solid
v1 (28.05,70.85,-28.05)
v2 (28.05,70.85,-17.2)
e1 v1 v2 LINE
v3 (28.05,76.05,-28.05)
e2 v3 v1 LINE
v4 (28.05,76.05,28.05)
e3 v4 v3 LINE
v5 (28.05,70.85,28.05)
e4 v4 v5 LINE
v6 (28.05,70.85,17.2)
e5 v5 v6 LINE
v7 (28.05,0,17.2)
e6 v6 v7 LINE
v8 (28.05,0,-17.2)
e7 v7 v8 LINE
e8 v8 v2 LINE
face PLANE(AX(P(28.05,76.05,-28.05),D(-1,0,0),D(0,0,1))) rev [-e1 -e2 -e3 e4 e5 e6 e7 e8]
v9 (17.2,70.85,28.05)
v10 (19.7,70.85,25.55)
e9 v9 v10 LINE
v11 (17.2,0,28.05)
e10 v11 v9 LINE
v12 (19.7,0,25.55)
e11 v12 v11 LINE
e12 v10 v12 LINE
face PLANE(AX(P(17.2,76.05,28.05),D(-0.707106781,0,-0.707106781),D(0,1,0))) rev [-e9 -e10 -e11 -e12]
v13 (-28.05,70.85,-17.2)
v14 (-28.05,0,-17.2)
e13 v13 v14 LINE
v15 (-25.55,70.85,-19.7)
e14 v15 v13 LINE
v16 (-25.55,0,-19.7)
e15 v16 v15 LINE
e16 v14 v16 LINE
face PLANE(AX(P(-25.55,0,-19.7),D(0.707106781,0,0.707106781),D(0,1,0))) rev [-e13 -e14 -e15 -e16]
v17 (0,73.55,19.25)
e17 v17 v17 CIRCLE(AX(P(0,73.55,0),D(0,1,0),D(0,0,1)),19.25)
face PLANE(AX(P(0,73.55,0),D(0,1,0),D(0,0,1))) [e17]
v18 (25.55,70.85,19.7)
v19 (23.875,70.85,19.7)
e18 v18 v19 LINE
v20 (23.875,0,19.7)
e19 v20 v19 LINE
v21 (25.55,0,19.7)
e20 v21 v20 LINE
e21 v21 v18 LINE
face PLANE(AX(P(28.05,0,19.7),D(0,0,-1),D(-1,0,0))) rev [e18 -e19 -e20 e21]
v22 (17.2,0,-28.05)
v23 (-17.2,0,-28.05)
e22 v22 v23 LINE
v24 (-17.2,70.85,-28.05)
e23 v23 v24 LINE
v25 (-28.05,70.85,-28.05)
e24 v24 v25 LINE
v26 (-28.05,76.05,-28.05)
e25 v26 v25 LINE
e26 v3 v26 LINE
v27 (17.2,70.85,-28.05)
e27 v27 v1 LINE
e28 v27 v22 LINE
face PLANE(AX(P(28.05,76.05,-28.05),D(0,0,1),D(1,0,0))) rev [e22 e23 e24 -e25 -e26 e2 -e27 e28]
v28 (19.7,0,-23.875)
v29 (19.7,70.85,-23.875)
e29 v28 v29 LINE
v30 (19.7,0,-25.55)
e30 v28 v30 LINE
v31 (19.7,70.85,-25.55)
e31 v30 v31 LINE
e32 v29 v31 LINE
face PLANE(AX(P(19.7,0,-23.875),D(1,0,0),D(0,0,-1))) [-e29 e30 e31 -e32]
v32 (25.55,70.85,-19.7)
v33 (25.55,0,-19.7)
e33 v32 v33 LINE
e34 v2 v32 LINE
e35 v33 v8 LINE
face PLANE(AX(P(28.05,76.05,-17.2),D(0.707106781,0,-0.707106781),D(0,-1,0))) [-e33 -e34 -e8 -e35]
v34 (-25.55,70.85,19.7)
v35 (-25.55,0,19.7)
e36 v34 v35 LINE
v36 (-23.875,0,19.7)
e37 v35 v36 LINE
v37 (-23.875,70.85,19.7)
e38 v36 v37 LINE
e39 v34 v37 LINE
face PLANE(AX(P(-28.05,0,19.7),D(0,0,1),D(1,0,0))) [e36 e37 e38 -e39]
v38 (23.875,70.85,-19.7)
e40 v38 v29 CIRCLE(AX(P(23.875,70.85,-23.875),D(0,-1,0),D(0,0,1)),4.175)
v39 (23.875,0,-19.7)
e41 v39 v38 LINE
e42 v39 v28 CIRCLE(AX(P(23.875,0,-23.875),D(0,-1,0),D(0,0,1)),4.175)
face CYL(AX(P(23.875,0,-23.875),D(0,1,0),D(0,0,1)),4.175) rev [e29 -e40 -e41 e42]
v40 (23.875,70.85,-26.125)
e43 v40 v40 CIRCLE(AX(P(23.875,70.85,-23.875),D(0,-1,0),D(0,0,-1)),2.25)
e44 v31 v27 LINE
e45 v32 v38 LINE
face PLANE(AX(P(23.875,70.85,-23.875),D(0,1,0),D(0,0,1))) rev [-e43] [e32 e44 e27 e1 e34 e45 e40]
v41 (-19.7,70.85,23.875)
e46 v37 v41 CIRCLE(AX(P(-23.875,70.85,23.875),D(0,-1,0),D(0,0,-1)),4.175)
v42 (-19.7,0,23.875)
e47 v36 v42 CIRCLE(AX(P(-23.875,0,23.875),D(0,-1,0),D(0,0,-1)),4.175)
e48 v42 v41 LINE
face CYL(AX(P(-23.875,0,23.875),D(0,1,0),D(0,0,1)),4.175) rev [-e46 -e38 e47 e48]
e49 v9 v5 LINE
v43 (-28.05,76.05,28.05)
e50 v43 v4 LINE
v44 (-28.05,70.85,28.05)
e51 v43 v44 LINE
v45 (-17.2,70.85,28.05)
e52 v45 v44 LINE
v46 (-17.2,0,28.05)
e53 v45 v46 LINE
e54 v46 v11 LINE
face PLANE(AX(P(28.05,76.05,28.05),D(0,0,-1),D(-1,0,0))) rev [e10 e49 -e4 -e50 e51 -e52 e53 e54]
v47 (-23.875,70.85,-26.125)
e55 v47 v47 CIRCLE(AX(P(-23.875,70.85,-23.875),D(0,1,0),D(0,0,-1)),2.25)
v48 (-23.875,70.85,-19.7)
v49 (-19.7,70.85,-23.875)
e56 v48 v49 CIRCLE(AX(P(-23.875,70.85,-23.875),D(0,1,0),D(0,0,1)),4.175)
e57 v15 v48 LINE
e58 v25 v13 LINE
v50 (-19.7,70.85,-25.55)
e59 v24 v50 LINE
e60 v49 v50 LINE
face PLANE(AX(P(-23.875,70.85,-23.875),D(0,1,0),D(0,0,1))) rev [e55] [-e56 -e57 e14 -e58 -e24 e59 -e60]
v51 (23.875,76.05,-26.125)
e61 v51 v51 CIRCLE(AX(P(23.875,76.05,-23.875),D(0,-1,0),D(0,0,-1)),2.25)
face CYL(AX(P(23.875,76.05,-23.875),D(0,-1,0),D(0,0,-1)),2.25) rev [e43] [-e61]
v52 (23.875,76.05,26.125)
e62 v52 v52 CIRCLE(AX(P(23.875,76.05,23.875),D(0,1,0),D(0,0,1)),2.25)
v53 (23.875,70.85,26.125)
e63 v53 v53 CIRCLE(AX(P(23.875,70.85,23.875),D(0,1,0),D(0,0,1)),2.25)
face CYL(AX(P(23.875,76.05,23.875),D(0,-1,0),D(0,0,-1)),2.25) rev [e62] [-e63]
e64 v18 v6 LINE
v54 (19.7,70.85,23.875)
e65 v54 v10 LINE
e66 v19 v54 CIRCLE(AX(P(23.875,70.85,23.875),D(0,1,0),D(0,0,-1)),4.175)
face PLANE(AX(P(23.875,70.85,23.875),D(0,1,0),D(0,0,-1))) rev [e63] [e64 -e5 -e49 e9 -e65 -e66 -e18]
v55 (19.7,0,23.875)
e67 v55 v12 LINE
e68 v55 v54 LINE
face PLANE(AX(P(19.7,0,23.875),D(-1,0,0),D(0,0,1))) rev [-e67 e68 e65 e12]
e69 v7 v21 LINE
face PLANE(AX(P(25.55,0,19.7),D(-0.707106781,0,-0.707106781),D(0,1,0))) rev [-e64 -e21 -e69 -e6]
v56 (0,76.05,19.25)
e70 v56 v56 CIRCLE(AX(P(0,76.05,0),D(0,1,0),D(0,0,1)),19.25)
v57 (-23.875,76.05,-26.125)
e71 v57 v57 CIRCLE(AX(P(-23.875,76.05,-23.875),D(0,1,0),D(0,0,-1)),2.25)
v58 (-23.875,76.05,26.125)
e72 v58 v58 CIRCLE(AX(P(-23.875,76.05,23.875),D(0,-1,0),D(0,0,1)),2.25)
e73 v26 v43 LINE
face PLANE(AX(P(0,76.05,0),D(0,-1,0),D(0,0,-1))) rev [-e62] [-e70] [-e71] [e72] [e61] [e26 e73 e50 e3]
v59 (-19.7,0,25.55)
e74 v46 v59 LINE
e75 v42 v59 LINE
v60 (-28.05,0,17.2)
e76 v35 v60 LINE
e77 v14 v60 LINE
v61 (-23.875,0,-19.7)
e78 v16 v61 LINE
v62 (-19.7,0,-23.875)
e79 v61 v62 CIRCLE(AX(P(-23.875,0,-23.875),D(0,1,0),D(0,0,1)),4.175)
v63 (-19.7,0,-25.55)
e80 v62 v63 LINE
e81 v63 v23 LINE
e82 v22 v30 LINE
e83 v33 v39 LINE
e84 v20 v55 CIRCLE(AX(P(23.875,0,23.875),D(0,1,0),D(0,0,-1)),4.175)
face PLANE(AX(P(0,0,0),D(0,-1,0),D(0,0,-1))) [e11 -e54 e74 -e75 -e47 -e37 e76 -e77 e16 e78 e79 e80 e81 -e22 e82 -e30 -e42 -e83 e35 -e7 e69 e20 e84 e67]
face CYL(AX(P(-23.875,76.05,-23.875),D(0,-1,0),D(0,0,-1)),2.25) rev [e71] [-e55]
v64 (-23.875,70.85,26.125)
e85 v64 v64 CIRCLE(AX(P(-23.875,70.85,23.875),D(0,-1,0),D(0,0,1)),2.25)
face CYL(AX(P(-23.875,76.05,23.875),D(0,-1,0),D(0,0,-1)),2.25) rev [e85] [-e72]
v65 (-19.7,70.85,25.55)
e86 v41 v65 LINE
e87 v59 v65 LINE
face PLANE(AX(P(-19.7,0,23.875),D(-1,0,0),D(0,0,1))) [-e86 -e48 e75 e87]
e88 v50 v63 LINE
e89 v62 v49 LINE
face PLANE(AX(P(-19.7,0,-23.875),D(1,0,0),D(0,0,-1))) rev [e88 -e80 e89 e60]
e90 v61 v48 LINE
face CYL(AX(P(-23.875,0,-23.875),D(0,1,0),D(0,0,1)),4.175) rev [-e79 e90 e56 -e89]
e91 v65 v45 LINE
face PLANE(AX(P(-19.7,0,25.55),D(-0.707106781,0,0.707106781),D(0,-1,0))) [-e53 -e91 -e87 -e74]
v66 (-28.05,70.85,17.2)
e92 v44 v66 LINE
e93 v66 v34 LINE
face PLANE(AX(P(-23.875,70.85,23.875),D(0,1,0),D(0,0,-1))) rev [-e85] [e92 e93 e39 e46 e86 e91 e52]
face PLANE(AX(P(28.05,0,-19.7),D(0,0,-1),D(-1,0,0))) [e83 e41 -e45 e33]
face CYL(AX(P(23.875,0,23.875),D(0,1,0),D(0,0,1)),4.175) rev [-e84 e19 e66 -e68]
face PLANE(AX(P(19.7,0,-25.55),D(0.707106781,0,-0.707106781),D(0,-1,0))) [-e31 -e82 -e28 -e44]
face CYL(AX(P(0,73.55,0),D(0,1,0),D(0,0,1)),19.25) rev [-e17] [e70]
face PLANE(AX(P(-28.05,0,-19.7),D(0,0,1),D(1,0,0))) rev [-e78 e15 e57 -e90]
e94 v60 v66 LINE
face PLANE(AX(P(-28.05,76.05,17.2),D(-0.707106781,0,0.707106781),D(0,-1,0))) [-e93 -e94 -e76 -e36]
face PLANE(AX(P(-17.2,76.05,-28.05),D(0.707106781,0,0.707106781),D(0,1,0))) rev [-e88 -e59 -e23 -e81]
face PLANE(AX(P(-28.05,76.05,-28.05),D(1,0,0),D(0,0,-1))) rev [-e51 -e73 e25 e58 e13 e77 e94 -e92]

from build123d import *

# Parameters (mm, degrees)
CROQUIS1_W                                 = 56.1
CROQUIS1_H                                 = 56.1
SALIENTE_EXTRUIR1_DEPTH                    = 76.05
CORTAR_EXTRUIR1_DEPTH                      = 82.199307263
SIMETR_A3_AT_THE_SECOND_PLANE_COPY_1_DEPTH = 82.199307263
CHAFL_N1_SIZE                              = 2.5
CROQUIS3_R                                 = 2.25
CORTAR_EXTRUIR2_DEPTH                      = 82.199307263
SIMETR_A4_AT_THE_SECOND_PLANE_COPY_1_SKE_R = 2.25
SIMETR_A4_AT_THE_SECOND_PLANE_COPY_1_DEPTH = 82.199307263
CROQUIS4_R                                 = 19.25
CORTAR_EXTRUIR3_DEPTH                      = 2.5


with BuildPart() as part:
    # Croquis1 → Saliente-Extruir1 (new body)
    with BuildSketch(Plane(origin=(0, 0, 0), x_dir=(1, 0, 0), z_dir=(0, 1, 0))):
        Rectangle(CROQUIS1_W, CROQUIS1_H)
    extrude(amount=SALIENTE_EXTRUIR1_DEPTH)

    # Croquis2 → Cortar-Extruir1 (cut, through all)
    with BuildSketch(Plane(origin=(0, 70.85, 0), x_dir=(1, 0, 0), z_dir=(0, 1, 0))):
        with BuildLine():
            Line((-28.05, 19.7), (-23.875, 19.7))
            ThreePointArc((-23.875, 19.7), (-20.922829189, 20.922829189), (-19.7, 23.875))
            Line((-19.7, 23.875), (-19.7, 28.05))
            Line((-19.7, 28.05), (-28.05, 28.05))
            Line((-28.05, 28.05), (-28.05, 19.7))
        make_face()
    cortar_extruir1 = extrude(amount=-CORTAR_EXTRUIR1_DEPTH, mode=Mode.SUBTRACT)

    # Simetría3: Cortar-Extruir1 across plane
    add(cortar_extruir1.mirror(Plane(origin=(0, 0, 0), x_dir=(0, 0, 1), z_dir=(1, 0, 0))), mode=Mode.SUBTRACT)

    # Simetría3 at the second plane: Cortar-Extruir1 across plane
    add(cortar_extruir1.mirror(Plane.XY), mode=Mode.SUBTRACT)

    # Simetría3 at the second plane copy 1 ske → Simetría3 at the second plane copy 1 (cut, through all)
    with BuildSketch(Plane(origin=(0, 70.85, 0), x_dir=(-1, 0, 0), z_dir=(0, 1, 0))):
        with BuildLine():
            Line((-28.05, 19.7), (-23.875, 19.7))
            ThreePointArc((-23.875, 19.7), (-20.922829189, 20.922829189), (-19.7, 23.875))
            Line((-19.7, 23.875), (-19.7, 28.05))
            Line((-19.7, 28.05), (-28.05, 28.05))
            Line((-28.05, 28.05), (-28.05, 19.7))
        make_face()
    extrude(amount=-SIMETR_A3_AT_THE_SECOND_PLANE_COPY_1_DEPTH, mode=Mode.SUBTRACT)

    # Chaflán1
    chafl_n1_edges = [part.edges().sort_by_distance(p)[0] for p in [
        (-28.05, 35.425, -19.7),
        (-19.7, 35.425, -28.05),
        (-28.05, 35.425, 19.7),
        (-19.7, 35.425, 28.05),
        (28.05, 35.425, -19.7),
        (19.7, 35.425, -28.05),
        (28.05, 35.425, 19.7),
        (19.7, 35.425, 28.05),
    ]]
    chamfer(chafl_n1_edges, length=CHAFL_N1_SIZE)

    # Croquis3 → Cortar-Extruir2 (cut, through all)
    with BuildSketch(Plane.XZ.offset(-70.85)):
        with Locations(Location((23.875, -23.875, 0), (0, 0, 270))):
            Circle(CROQUIS3_R)
    cortar_extruir2 = extrude(amount=-CORTAR_EXTRUIR2_DEPTH, mode=Mode.SUBTRACT)

    # Simetría4: Cortar-Extruir2 across plane
    add(cortar_extruir2.mirror(Plane(origin=(0, 0, 0), x_dir=(0, 0, 1), z_dir=(1, 0, 0))), mode=Mode.SUBTRACT)

    # Simetría4 at the second plane: Cortar-Extruir2 across plane
    add(cortar_extruir2.mirror(Plane.XY), mode=Mode.SUBTRACT)

    # Simetría4 at the second plane copy 1 ske → Simetría4 at the second plane copy 1 (cut, through all)
    with BuildSketch(Plane(origin=(0, 70.85, 0), x_dir=(-1, 0, 0), z_dir=(0, -1, 0))):
        with Locations(Location((23.875, -23.875, 0), (0, 0, 270))):
            Circle(SIMETR_A4_AT_THE_SECOND_PLANE_COPY_1_SKE_R)
    extrude(amount=-SIMETR_A4_AT_THE_SECOND_PLANE_COPY_1_DEPTH, mode=Mode.SUBTRACT)

    # Croquis4 → Cortar-Extruir3 (cut)
    with BuildSketch(Plane(origin=(0, 76.05, 0), x_dir=(1, 0, 0), z_dir=(0, 1, 0))):
        with Locations(Location((0, 0, 0), (0, 0, 270))):
            Circle(CROQUIS4_R)
    extrude(amount=-CORTAR_EXTRUIR3_DEPTH, mode=Mode.SUBTRACT)


solid = part.part
